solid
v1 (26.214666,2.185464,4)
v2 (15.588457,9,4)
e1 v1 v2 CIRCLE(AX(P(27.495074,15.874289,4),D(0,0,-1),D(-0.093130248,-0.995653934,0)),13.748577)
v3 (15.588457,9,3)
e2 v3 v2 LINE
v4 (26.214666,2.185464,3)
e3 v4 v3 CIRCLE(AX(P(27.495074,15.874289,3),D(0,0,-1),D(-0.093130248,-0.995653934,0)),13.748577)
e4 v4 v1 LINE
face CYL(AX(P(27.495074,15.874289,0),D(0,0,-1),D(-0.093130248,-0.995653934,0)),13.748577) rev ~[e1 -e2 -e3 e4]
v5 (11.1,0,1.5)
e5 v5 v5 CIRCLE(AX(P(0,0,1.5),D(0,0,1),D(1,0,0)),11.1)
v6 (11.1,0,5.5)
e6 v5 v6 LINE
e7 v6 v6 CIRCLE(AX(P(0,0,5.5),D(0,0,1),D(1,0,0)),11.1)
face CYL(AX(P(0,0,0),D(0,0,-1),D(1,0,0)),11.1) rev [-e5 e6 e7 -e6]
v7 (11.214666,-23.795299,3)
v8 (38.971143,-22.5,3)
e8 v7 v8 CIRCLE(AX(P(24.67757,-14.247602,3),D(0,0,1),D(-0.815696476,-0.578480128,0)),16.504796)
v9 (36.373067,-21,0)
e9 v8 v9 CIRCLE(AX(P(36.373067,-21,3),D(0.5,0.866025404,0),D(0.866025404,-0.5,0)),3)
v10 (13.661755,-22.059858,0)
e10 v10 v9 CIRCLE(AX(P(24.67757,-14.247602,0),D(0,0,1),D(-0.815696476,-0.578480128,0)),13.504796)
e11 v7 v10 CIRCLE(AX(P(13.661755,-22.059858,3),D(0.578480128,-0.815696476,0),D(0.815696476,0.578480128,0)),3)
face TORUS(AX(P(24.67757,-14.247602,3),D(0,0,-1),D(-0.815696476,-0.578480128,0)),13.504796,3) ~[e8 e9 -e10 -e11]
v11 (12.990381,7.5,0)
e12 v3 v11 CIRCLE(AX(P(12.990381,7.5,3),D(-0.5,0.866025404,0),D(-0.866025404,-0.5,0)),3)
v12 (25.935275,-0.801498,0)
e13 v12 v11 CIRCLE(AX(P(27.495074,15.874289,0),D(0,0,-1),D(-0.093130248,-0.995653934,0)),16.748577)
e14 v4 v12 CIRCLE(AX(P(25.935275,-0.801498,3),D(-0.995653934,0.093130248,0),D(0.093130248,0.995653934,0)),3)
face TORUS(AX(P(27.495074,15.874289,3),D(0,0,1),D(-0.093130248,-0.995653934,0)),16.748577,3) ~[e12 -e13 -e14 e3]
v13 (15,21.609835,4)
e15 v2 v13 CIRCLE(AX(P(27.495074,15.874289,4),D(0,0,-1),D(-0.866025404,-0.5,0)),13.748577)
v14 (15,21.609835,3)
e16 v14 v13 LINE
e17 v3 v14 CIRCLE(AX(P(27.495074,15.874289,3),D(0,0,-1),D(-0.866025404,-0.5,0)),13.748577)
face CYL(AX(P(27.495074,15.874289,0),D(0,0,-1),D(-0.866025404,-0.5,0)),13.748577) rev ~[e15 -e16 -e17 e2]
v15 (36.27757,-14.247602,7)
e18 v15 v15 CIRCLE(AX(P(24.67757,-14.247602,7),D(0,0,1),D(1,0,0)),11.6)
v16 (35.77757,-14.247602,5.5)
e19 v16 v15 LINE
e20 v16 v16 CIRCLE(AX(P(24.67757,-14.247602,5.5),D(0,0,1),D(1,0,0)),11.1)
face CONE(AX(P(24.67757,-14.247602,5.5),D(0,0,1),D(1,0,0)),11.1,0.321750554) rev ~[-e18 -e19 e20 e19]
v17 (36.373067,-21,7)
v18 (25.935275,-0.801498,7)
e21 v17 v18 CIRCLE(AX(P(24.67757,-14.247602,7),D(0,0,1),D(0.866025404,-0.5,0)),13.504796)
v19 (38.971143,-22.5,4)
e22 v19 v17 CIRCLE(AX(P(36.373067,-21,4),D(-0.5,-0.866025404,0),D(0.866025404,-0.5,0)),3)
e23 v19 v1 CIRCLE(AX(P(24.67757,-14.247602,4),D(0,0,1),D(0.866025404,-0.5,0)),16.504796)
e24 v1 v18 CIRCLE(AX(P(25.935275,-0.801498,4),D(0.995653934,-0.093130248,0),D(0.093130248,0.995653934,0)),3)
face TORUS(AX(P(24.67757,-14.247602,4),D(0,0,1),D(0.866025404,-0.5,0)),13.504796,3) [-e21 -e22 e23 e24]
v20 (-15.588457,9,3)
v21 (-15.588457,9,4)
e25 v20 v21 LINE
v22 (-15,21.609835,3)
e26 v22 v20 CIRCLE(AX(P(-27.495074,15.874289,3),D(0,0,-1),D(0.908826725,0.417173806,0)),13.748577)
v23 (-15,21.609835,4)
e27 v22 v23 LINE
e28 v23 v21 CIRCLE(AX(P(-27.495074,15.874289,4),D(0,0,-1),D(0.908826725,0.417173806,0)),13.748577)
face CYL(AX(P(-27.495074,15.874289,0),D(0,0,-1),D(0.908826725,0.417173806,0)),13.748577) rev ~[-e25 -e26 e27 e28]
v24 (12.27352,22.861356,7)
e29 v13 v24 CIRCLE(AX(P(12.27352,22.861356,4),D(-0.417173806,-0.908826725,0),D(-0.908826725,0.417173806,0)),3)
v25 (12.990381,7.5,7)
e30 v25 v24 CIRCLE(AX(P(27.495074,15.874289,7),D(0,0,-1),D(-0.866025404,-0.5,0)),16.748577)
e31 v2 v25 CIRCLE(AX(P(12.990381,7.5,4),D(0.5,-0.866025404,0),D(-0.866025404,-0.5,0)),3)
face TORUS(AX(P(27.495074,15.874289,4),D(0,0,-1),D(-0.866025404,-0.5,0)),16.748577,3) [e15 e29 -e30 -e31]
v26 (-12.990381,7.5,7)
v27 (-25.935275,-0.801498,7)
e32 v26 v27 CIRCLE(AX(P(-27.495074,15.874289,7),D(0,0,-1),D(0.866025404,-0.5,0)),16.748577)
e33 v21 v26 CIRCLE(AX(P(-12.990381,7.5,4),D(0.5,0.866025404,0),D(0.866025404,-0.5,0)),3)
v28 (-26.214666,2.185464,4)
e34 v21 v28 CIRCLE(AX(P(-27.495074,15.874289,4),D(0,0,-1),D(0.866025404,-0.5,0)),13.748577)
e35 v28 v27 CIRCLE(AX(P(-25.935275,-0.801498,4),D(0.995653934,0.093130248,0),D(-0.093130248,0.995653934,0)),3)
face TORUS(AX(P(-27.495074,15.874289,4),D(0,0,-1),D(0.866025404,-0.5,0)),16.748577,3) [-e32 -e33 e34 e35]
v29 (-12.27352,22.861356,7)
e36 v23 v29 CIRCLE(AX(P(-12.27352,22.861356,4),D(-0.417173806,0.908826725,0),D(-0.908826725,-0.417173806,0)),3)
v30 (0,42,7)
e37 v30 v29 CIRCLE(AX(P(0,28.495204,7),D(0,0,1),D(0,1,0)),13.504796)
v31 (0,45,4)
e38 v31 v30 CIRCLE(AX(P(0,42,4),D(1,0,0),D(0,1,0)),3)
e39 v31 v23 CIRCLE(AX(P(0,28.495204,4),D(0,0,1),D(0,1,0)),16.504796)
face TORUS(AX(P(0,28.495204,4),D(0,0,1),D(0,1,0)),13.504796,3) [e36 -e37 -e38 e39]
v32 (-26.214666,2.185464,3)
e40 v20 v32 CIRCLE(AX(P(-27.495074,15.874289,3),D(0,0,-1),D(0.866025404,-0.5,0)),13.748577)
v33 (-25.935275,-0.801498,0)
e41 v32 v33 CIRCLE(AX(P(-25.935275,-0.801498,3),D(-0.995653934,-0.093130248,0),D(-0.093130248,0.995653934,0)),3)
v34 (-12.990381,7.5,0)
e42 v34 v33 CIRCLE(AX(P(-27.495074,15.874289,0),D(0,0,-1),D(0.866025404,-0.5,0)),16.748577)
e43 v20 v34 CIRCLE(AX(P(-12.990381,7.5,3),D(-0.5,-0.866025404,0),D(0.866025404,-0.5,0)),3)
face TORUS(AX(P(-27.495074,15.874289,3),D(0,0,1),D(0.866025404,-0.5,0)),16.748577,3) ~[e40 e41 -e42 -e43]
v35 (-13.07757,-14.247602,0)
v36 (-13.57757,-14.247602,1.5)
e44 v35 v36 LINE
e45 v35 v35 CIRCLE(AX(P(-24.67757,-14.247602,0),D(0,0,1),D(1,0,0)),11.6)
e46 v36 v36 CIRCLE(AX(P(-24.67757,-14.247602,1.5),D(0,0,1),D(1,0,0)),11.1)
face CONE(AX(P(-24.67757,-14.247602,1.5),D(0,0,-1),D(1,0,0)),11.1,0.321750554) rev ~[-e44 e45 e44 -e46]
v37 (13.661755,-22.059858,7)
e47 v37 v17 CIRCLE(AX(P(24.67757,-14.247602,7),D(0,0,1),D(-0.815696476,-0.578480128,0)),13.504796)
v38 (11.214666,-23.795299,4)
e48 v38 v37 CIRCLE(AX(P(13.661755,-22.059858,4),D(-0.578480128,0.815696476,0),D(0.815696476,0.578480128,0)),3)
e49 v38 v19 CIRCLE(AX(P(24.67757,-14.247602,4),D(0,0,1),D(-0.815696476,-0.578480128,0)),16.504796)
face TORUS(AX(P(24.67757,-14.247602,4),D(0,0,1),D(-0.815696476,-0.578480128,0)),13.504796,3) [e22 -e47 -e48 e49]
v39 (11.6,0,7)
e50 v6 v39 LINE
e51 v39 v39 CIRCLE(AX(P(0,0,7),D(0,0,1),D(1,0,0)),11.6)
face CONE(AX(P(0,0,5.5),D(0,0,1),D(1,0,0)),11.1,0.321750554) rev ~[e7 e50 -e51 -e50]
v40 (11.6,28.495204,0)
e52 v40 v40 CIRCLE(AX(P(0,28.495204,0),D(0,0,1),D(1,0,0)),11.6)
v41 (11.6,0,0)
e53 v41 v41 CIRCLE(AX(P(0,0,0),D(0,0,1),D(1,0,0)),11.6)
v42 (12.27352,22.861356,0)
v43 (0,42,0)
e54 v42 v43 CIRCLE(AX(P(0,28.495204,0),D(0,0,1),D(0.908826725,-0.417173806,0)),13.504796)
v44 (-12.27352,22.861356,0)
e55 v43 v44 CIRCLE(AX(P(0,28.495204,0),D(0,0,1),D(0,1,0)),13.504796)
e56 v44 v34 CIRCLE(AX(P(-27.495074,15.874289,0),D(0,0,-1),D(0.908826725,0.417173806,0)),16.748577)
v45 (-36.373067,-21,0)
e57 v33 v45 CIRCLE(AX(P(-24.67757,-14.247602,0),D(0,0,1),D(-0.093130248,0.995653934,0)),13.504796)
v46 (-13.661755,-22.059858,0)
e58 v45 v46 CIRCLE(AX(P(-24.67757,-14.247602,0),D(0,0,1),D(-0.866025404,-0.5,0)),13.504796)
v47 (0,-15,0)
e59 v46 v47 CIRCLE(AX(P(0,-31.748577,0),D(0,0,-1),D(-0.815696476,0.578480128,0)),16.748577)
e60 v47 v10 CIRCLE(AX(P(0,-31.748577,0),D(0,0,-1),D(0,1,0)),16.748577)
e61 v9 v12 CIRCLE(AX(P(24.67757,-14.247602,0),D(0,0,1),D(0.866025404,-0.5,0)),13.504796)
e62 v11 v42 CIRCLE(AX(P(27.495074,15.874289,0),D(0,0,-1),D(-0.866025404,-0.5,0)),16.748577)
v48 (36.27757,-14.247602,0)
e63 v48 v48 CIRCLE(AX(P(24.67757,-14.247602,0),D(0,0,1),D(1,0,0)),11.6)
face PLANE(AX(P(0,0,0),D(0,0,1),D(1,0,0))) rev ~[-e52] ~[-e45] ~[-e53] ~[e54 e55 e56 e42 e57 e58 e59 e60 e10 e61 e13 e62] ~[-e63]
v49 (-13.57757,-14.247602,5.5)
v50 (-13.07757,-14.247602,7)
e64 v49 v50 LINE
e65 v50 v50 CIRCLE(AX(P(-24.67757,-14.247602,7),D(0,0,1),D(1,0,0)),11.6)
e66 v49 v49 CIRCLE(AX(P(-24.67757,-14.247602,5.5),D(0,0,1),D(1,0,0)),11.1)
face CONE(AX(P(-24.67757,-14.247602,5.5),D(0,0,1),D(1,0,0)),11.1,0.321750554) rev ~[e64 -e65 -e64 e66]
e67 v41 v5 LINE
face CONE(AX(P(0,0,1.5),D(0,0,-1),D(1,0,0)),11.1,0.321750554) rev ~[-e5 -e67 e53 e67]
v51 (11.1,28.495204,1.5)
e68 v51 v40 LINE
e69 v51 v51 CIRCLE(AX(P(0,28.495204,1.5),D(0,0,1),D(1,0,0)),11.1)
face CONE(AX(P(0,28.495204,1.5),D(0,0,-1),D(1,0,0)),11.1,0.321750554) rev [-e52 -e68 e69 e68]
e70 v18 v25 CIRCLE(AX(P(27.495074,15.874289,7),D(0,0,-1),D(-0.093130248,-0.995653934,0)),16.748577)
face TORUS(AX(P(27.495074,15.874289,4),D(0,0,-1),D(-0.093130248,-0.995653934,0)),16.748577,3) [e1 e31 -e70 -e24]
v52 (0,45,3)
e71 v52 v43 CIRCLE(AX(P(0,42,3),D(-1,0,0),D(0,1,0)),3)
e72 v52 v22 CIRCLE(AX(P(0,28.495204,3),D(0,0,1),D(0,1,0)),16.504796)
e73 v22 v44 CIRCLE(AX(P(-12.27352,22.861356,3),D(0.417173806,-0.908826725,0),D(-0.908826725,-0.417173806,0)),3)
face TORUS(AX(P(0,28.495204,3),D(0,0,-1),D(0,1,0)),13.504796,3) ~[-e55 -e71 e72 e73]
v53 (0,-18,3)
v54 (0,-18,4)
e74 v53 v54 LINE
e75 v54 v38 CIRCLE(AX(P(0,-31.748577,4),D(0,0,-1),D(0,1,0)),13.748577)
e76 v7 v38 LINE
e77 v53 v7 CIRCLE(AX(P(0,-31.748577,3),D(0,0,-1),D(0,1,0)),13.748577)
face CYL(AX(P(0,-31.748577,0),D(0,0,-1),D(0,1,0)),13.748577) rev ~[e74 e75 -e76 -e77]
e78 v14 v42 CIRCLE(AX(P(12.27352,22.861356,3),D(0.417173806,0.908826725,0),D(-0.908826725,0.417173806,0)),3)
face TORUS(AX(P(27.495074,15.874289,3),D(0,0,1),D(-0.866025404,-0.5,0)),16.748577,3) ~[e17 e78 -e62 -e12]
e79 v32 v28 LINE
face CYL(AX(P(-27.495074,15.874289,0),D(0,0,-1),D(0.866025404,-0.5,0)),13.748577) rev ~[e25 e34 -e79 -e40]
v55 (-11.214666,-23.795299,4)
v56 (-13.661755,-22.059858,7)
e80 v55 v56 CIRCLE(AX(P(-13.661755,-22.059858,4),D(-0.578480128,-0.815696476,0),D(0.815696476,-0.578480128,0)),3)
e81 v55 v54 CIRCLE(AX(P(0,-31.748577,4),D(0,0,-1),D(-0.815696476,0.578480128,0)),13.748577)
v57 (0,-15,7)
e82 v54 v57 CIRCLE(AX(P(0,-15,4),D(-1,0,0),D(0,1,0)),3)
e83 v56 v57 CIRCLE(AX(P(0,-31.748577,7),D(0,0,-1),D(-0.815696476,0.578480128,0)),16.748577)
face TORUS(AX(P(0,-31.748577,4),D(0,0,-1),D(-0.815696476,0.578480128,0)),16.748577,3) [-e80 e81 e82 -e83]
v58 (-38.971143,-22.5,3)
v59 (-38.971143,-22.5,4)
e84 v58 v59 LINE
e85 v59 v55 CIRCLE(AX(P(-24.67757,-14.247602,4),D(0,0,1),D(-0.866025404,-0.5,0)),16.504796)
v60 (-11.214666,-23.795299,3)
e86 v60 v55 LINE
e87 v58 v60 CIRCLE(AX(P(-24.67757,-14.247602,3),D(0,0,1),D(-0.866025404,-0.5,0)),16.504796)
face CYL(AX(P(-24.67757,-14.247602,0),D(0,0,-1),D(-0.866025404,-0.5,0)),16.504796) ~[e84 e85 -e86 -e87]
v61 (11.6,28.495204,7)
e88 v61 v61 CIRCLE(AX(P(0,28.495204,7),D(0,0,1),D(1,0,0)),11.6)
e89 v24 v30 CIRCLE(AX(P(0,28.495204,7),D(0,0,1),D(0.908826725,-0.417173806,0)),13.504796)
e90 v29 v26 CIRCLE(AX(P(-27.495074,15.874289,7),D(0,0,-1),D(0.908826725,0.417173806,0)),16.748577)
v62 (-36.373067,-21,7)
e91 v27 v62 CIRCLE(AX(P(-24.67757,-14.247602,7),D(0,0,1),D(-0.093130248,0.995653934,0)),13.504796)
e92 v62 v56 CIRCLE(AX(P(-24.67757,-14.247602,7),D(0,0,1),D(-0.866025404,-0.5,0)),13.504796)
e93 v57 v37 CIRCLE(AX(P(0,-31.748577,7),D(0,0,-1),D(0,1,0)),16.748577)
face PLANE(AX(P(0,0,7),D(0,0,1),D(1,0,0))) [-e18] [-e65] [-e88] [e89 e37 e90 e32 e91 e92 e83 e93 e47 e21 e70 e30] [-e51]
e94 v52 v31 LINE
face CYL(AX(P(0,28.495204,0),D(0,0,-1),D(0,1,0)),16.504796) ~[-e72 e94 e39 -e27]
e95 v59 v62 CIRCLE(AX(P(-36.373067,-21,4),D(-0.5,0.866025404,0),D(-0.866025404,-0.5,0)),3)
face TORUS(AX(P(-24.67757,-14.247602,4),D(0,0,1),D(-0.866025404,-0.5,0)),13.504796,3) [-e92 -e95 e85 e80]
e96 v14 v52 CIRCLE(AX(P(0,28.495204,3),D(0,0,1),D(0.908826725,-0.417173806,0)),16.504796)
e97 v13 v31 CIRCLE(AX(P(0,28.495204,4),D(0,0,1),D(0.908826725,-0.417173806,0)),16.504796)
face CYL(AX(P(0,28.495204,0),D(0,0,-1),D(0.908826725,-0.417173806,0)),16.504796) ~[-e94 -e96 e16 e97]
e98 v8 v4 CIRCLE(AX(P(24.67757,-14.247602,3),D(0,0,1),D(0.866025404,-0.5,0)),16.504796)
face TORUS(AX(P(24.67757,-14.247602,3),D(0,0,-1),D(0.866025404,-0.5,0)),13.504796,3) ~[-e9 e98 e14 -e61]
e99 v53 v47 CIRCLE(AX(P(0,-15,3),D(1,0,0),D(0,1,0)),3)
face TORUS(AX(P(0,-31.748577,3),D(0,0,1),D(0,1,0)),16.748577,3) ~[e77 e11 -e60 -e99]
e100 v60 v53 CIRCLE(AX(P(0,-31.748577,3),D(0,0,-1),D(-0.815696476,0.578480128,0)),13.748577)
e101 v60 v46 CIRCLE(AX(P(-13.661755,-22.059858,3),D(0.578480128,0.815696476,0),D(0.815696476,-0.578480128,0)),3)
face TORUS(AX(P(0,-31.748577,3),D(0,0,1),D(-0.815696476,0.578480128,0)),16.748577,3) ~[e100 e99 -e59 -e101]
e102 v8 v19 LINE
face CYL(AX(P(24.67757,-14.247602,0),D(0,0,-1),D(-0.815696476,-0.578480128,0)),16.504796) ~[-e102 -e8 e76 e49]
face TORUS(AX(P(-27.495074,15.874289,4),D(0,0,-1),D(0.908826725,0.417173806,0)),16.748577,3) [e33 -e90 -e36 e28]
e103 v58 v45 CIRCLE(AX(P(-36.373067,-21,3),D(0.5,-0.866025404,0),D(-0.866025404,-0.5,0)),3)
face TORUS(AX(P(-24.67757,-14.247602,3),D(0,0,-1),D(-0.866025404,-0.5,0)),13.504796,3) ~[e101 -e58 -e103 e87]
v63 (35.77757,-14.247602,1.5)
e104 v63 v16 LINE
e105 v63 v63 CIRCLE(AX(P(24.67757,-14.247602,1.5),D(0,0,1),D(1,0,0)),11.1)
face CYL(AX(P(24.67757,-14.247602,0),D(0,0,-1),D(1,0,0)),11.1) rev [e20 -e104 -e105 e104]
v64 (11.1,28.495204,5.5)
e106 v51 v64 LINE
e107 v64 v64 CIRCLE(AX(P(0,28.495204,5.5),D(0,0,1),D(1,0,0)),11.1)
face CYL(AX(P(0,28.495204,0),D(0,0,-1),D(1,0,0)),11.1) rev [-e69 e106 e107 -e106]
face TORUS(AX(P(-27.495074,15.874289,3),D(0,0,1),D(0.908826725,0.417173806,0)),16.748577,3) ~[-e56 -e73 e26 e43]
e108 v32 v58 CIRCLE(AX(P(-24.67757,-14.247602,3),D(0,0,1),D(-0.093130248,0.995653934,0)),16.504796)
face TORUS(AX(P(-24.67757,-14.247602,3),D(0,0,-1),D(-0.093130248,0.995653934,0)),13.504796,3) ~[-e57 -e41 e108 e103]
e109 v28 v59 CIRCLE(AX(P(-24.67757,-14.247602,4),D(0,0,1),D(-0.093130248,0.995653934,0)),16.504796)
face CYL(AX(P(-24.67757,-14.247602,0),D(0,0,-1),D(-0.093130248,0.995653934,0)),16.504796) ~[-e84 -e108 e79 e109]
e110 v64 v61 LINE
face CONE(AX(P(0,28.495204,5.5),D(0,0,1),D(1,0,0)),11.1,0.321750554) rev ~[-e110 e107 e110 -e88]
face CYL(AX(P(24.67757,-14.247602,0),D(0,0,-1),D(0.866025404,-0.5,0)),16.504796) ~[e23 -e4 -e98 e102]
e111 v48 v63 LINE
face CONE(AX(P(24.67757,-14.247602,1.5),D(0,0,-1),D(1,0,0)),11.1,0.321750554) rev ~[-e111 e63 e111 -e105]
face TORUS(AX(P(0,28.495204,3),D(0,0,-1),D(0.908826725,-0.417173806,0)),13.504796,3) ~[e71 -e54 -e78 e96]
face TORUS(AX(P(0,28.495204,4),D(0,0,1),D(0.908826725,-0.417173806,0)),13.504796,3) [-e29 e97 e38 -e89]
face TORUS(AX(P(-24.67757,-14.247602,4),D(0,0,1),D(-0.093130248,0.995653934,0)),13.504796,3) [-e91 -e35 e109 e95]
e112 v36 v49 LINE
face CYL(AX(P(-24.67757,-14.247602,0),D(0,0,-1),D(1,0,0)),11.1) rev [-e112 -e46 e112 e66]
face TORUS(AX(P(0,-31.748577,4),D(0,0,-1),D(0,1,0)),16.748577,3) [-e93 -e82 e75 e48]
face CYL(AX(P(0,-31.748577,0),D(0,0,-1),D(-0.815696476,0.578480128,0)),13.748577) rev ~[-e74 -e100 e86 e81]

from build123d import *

# Parameters (mm, degrees)
F0_R       = 11.1
F1_DEPTH   = 7
F2_R       = 3
F3_SIZE2   = 0.5
F3_SIZE    = 1.5
F3_2_SIZE2 = 0.5
F3_2_SIZE  = 1.5
F3_3_SIZE2 = 0.5
F3_3_SIZE  = 1.5
F3_4_SIZE2 = 0.5
F3_4_SIZE  = 1.5
F4_SIZE2   = 1.5
F4_SIZE    = 0.5


with BuildPart() as f1:
    # F0 (on Top) → F1 (new body)
    with BuildSketch(Plane.XY):
        with BuildLine():
            ThreePointArc((15, 21.6098349511), (13.8933421196, 37.4049369322), (0, 45))
            ThreePointArc((0, 45), (-13.8933421196, 37.4049369322), (-15, 21.6098349511))
            ThreePointArc((-15, 21.6098349511), (-13.7614433579, 15.2333877022), (-15.5884572681, 9))
            ThreePointArc((-15.5884572681, 9), (-20.0732224147, 4.3010656895), (-26.2146660393, 2.1854635812))
            ThreePointArc((-26.2146660393, 2.1854635812), (-39.3402966701, -6.670481247), (-38.9711431703, -22.5))
            ThreePointArc((-38.9711431703, -22.5), (-25.4469545504, -30.7344556852), (-11.2146660393, -23.7952985323))
            ThreePointArc((-11.2146660393, -23.7952985323), (-6.3117790569, -19.5344533917), (0, -18))
            ThreePointArc((0, -18), (6.3117790569, -19.5344533917), (11.2146660393, -23.7952985323))
            ThreePointArc((11.2146660393, -23.7952985323), (25.4469545504, -30.7344556852), (38.9711431703, -22.5))
            ThreePointArc((38.9711431703, -22.5), (39.3402966701, -6.670481247), (26.2146660393, 2.1854635812))
            ThreePointArc((26.2146660393, 2.1854635812), (20.0732224147, 4.3010656895), (15.5884572681, 9))
            ThreePointArc((15.5884572681, 9), (13.7614433579, 15.2333877022), (15, 21.6098349511))
        make_face()
        with Locations((-24.677570255, -14.2476018297)):
            Circle(F0_R, mode=Mode.SUBTRACT)
        with Locations((24.677570255, -14.2476018297)):
            Circle(F0_R, mode=Mode.SUBTRACT)
        Circle(F0_R, mode=Mode.SUBTRACT)
        with Locations((0, 28.4952036593)):
            Circle(F0_R, mode=Mode.SUBTRACT)
    extrude(amount=F1_DEPTH)

    # F2
    f2_edges = [f1.edges().sort_by_distance(p)[0] for p in [
        (-38.971143, -22.5, 7),
        (0, -18, 7),
        (38.971143, -22.5, 7),
        (15.588457, 9, 7),
        (-38.971143, -22.5, 0),
    ]]
    fillet(f2_edges, radius=F2_R)

    # F3
    f3_edges = [f1.edges().sort_by_distance(p)[0] for p in [
        (-11.1, 28.495204, 7),
        (-11.1, 28.495204, 0),
    ]]
    f3_side = f1.faces().sort_by_distance((-11.1, 28.495204, 3.5))[0]
    chamfer(f3_edges, length=F3_SIZE, length2=F3_SIZE2, reference=f3_side)

    # F3#2
    f3_2_edges = [f1.edges().sort_by_distance(p)[0] for p in [
        (-35.77757, -14.247602, 7),
    ]]
    f3_2_side = f1.faces().sort_by_distance((-35.77757, -14.247602, 3.5))[0]
    chamfer(f3_2_edges, length=F3_2_SIZE, length2=F3_2_SIZE2, reference=f3_2_side)

    # F3#3
    f3_3_edges = [f1.edges().sort_by_distance(p)[0] for p in [
        (13.57757, -14.247602, 7),
    ]]
    f3_3_side = f1.faces().sort_by_distance((13.57757, -14.247602, 3.5))[0]
    chamfer(f3_3_edges, length=F3_3_SIZE, length2=F3_3_SIZE2, reference=f3_3_side)

    # F3#4
    f3_4_edges = [f1.edges().sort_by_distance(p)[0] for p in [
        (-11.1, 0, 7),
    ]]
    f3_4_side = f1.faces().sort_by_distance((-11.1, 0, 3.5))[0]
    chamfer(f3_4_edges, length=F3_4_SIZE, length2=F3_4_SIZE2, reference=f3_4_side)

    # F4
    f4_edges = [f1.edges().sort_by_distance(p)[0] for p in [
        (-35.77757, -14.247602, 0),
        (-11.1, 0, 0),
        (13.57757, -14.247602, 0),
    ]]
    f4_side = f1.faces().sort_by_distance((-12.634262, 28.495204, 0))[0]
    chamfer(f4_edges, length=F4_SIZE, length2=F4_SIZE2, reference=f4_side)


solid = f1.part
